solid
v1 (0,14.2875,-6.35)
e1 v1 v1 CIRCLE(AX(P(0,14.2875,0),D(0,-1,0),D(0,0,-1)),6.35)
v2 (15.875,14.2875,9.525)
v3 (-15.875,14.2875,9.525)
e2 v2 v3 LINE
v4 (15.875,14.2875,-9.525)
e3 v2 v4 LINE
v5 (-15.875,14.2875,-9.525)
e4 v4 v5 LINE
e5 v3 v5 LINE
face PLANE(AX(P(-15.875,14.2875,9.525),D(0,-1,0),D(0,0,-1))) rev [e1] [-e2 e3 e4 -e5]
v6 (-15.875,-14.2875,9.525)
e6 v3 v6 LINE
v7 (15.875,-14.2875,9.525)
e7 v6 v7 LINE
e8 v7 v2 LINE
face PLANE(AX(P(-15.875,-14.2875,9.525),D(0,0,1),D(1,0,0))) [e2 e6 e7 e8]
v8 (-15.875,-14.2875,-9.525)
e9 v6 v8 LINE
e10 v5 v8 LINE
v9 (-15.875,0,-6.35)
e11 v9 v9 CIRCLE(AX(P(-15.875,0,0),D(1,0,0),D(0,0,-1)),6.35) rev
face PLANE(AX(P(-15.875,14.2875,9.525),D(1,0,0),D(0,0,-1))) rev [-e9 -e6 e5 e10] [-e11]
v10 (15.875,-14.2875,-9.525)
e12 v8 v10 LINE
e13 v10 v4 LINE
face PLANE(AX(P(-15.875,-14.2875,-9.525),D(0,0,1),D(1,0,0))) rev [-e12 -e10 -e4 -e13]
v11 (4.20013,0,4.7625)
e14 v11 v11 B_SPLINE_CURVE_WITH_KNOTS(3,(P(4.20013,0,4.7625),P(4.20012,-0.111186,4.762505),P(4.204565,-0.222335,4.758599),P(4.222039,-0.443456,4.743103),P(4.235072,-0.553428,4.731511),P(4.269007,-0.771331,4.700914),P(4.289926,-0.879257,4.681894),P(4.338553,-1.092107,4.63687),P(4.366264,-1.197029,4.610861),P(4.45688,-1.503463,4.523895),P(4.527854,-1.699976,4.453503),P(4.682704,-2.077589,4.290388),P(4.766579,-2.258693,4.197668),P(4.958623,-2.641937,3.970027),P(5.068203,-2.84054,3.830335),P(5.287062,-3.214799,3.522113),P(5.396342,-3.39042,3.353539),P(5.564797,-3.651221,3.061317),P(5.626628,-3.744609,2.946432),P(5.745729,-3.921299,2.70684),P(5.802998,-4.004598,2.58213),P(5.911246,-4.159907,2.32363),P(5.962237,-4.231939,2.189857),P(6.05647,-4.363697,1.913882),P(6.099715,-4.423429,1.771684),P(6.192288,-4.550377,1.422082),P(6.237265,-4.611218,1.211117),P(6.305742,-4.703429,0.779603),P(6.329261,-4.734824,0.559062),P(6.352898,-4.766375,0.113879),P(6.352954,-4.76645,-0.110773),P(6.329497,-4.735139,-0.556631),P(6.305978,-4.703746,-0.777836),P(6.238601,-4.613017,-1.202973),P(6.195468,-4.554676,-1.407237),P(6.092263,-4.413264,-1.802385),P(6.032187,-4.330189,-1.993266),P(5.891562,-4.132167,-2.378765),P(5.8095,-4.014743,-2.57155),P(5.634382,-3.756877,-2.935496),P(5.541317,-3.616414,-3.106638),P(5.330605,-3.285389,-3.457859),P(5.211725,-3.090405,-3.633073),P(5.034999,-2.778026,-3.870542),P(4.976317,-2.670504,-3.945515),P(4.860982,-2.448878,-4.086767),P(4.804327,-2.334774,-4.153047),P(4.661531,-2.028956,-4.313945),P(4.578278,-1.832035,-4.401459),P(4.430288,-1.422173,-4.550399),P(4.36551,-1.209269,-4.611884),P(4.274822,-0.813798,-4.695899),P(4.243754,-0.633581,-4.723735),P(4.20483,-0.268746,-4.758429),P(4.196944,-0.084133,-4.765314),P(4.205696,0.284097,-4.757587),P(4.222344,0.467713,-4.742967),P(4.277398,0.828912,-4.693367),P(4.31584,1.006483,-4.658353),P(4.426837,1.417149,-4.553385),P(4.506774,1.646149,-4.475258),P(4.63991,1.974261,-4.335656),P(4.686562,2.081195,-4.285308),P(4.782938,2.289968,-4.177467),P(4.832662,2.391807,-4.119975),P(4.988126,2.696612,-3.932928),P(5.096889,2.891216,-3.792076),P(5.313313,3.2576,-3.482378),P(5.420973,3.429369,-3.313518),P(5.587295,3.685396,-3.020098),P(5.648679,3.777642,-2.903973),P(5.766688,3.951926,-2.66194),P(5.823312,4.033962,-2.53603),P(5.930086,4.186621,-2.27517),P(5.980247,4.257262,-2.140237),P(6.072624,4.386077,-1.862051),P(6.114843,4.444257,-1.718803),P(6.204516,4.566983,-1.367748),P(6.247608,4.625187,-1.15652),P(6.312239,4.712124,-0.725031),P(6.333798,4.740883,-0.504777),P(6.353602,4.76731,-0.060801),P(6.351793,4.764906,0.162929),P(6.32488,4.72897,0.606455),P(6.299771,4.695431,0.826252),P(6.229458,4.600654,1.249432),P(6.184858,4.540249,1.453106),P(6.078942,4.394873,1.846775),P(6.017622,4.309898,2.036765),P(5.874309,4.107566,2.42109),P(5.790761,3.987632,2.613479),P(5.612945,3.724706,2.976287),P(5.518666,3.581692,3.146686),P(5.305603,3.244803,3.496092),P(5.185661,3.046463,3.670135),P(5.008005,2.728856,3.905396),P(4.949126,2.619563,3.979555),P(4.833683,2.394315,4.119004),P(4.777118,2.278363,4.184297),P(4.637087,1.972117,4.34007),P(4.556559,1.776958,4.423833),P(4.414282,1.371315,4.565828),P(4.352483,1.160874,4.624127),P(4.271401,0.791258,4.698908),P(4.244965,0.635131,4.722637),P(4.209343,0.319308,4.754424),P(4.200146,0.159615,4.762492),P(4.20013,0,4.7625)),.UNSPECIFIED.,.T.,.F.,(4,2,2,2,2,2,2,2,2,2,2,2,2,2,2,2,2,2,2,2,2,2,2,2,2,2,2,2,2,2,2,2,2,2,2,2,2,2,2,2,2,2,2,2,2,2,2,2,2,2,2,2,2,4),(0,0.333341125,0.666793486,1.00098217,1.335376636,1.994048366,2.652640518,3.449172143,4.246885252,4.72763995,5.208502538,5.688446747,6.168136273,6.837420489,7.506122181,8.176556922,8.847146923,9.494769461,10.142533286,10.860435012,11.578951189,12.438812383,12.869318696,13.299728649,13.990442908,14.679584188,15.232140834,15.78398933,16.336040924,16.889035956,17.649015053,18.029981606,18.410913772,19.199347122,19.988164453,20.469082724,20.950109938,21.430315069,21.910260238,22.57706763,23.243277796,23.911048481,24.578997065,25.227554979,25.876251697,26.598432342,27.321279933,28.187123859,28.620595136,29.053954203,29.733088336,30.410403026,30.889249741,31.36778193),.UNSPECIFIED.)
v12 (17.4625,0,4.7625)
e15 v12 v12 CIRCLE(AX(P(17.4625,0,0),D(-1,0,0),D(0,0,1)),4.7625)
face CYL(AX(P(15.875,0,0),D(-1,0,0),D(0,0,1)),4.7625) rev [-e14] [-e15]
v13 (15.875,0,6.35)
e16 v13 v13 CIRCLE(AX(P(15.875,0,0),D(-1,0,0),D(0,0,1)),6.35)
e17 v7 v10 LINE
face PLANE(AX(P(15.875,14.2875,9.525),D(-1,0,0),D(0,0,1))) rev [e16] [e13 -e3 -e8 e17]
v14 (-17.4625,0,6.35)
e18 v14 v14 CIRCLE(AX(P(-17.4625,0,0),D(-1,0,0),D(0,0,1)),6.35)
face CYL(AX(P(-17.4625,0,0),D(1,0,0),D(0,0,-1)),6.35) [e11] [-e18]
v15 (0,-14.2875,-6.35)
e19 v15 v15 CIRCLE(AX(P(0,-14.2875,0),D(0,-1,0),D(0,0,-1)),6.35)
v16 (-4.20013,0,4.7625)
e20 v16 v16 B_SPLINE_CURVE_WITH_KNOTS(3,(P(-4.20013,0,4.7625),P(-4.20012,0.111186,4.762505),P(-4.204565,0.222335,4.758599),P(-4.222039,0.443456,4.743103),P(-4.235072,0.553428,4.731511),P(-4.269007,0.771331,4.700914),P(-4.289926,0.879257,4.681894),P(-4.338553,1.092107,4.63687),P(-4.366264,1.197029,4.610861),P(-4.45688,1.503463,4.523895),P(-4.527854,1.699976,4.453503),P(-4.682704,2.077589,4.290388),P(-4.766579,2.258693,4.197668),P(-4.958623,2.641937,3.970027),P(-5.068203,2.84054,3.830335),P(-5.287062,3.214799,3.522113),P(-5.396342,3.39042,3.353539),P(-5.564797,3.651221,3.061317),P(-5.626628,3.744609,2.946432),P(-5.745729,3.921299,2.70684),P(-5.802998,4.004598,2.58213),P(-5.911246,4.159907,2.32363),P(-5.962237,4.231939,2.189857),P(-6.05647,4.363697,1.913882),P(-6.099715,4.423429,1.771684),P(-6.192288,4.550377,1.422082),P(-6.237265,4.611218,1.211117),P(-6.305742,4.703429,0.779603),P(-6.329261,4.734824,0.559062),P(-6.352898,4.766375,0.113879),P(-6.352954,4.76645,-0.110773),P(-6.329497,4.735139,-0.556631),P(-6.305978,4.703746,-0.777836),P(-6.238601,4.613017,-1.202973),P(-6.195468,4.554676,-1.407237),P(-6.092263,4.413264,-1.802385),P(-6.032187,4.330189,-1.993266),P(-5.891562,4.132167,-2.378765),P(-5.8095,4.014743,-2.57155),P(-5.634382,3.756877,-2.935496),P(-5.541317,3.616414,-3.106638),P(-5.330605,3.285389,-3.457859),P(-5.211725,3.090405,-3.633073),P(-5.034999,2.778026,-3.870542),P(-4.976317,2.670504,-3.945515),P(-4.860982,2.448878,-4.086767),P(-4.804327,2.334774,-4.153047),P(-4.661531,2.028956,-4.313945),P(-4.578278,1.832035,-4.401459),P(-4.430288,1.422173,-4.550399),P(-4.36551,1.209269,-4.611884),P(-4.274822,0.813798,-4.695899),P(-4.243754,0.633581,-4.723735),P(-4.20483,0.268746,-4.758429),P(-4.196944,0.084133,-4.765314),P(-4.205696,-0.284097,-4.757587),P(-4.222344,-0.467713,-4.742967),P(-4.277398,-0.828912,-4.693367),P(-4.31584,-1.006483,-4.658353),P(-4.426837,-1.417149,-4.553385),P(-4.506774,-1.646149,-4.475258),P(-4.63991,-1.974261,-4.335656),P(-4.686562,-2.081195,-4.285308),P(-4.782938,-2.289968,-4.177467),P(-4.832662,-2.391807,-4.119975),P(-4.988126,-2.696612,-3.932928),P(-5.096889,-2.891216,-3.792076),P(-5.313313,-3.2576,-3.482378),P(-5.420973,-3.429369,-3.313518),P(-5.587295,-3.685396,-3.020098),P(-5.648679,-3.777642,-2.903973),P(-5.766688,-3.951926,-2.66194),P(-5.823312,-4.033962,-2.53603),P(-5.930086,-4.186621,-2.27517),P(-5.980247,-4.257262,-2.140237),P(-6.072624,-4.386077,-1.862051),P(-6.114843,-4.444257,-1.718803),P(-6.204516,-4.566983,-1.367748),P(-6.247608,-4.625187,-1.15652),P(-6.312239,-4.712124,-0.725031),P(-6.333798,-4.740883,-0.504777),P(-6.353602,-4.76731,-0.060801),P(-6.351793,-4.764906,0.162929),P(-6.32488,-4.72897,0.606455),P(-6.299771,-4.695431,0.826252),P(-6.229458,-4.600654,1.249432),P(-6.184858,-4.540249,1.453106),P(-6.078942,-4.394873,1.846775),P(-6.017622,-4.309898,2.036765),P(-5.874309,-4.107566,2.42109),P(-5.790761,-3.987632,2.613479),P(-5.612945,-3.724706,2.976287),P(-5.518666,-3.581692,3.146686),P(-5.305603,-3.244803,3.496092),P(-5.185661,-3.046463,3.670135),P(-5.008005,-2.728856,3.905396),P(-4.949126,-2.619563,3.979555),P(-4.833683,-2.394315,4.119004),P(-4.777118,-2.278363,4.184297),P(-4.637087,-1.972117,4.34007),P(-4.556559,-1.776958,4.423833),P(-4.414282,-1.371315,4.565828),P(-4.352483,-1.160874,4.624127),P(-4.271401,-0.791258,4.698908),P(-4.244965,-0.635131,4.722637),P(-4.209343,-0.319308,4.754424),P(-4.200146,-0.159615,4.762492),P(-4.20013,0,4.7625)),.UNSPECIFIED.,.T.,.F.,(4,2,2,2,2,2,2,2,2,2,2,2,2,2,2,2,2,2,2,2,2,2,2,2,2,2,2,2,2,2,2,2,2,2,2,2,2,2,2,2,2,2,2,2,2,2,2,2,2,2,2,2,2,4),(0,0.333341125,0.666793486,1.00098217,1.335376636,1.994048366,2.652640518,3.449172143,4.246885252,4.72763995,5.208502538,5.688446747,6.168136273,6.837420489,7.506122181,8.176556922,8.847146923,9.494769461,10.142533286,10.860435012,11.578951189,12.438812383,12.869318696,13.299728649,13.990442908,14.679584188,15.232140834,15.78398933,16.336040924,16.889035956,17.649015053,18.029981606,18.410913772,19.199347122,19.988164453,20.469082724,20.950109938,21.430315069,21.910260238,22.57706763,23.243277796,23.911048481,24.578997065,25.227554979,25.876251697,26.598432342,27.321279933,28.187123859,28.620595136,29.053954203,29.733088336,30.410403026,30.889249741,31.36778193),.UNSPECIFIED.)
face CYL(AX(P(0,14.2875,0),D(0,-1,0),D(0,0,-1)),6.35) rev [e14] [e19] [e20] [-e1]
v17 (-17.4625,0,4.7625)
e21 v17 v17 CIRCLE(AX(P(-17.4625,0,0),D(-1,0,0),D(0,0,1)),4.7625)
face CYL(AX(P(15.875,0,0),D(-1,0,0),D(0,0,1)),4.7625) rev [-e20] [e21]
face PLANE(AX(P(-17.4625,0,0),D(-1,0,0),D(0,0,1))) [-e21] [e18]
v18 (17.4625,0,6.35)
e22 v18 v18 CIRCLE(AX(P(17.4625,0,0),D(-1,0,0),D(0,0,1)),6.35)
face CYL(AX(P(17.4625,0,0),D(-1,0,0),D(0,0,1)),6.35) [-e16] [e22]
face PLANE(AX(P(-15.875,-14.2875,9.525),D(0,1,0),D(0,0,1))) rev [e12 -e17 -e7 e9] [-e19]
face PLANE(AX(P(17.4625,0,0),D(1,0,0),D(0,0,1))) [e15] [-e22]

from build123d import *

# Parameters (mm, degrees)
SKETCH1_W           = 31.75
SKETCH1_H           = 28.575
BOSS_EXTRUDE1_DEPTH = 9.525
SKETCH2_R           = 6.35
CUT_EXTRUDE1_DEPTH  = 35.048081811
SKETCH3_R           = 4.7625
CUT_EXTRUDE2_DEPTH  = 37.095993978
BOSS_EXTRUDE2_START = 1.5875
SKETCH4_R           = 6.35
SKETCH4_R_2         = 4.7625
BOSS_EXTRUDE2_DEPTH = 1.5875


with BuildPart() as part:
    # Sketch1 → Boss-Extrude1 (new, symmetric)
    with BuildSketch(Plane.XY):
        Rectangle(SKETCH1_W, SKETCH1_H)
    extrude(amount=BOSS_EXTRUDE1_DEPTH, both=True)

    # Sketch2 → Cut-Extrude1 (cut, through all)
    with BuildSketch(Plane.XZ.offset(14.2875)):
        with Locations(Location((0, 0, 0), (0, 0, 270))):
            Circle(SKETCH2_R)
    extrude(amount=-CUT_EXTRUDE1_DEPTH, mode=Mode.SUBTRACT)

    # Sketch3 → Cut-Extrude2 (cut, through all)
    with BuildSketch(Plane.ZY.offset(15.875)):
        Circle(SKETCH3_R)
    extrude(amount=-CUT_EXTRUDE2_DEPTH, mode=Mode.SUBTRACT)

    # Sketch4 → Boss-Extrude2 (add)
    with BuildSketch(Plane.ZY.offset(15.875).offset(BOSS_EXTRUDE2_START)):
        with Locations(Location((0, 0, 0), (0, 0, 180))):
            Circle(SKETCH4_R)
        Circle(SKETCH4_R_2, mode=Mode.SUBTRACT)
    boss_extrude2 = extrude(amount=-BOSS_EXTRUDE2_DEPTH)

    # Mirror1: Boss-Extrude2 across plane
    add(boss_extrude2.mirror(Plane(origin=(0, 0, 0), x_dir=(0, 0, 1), z_dir=(1, 0, 0))))


solid = part.part
